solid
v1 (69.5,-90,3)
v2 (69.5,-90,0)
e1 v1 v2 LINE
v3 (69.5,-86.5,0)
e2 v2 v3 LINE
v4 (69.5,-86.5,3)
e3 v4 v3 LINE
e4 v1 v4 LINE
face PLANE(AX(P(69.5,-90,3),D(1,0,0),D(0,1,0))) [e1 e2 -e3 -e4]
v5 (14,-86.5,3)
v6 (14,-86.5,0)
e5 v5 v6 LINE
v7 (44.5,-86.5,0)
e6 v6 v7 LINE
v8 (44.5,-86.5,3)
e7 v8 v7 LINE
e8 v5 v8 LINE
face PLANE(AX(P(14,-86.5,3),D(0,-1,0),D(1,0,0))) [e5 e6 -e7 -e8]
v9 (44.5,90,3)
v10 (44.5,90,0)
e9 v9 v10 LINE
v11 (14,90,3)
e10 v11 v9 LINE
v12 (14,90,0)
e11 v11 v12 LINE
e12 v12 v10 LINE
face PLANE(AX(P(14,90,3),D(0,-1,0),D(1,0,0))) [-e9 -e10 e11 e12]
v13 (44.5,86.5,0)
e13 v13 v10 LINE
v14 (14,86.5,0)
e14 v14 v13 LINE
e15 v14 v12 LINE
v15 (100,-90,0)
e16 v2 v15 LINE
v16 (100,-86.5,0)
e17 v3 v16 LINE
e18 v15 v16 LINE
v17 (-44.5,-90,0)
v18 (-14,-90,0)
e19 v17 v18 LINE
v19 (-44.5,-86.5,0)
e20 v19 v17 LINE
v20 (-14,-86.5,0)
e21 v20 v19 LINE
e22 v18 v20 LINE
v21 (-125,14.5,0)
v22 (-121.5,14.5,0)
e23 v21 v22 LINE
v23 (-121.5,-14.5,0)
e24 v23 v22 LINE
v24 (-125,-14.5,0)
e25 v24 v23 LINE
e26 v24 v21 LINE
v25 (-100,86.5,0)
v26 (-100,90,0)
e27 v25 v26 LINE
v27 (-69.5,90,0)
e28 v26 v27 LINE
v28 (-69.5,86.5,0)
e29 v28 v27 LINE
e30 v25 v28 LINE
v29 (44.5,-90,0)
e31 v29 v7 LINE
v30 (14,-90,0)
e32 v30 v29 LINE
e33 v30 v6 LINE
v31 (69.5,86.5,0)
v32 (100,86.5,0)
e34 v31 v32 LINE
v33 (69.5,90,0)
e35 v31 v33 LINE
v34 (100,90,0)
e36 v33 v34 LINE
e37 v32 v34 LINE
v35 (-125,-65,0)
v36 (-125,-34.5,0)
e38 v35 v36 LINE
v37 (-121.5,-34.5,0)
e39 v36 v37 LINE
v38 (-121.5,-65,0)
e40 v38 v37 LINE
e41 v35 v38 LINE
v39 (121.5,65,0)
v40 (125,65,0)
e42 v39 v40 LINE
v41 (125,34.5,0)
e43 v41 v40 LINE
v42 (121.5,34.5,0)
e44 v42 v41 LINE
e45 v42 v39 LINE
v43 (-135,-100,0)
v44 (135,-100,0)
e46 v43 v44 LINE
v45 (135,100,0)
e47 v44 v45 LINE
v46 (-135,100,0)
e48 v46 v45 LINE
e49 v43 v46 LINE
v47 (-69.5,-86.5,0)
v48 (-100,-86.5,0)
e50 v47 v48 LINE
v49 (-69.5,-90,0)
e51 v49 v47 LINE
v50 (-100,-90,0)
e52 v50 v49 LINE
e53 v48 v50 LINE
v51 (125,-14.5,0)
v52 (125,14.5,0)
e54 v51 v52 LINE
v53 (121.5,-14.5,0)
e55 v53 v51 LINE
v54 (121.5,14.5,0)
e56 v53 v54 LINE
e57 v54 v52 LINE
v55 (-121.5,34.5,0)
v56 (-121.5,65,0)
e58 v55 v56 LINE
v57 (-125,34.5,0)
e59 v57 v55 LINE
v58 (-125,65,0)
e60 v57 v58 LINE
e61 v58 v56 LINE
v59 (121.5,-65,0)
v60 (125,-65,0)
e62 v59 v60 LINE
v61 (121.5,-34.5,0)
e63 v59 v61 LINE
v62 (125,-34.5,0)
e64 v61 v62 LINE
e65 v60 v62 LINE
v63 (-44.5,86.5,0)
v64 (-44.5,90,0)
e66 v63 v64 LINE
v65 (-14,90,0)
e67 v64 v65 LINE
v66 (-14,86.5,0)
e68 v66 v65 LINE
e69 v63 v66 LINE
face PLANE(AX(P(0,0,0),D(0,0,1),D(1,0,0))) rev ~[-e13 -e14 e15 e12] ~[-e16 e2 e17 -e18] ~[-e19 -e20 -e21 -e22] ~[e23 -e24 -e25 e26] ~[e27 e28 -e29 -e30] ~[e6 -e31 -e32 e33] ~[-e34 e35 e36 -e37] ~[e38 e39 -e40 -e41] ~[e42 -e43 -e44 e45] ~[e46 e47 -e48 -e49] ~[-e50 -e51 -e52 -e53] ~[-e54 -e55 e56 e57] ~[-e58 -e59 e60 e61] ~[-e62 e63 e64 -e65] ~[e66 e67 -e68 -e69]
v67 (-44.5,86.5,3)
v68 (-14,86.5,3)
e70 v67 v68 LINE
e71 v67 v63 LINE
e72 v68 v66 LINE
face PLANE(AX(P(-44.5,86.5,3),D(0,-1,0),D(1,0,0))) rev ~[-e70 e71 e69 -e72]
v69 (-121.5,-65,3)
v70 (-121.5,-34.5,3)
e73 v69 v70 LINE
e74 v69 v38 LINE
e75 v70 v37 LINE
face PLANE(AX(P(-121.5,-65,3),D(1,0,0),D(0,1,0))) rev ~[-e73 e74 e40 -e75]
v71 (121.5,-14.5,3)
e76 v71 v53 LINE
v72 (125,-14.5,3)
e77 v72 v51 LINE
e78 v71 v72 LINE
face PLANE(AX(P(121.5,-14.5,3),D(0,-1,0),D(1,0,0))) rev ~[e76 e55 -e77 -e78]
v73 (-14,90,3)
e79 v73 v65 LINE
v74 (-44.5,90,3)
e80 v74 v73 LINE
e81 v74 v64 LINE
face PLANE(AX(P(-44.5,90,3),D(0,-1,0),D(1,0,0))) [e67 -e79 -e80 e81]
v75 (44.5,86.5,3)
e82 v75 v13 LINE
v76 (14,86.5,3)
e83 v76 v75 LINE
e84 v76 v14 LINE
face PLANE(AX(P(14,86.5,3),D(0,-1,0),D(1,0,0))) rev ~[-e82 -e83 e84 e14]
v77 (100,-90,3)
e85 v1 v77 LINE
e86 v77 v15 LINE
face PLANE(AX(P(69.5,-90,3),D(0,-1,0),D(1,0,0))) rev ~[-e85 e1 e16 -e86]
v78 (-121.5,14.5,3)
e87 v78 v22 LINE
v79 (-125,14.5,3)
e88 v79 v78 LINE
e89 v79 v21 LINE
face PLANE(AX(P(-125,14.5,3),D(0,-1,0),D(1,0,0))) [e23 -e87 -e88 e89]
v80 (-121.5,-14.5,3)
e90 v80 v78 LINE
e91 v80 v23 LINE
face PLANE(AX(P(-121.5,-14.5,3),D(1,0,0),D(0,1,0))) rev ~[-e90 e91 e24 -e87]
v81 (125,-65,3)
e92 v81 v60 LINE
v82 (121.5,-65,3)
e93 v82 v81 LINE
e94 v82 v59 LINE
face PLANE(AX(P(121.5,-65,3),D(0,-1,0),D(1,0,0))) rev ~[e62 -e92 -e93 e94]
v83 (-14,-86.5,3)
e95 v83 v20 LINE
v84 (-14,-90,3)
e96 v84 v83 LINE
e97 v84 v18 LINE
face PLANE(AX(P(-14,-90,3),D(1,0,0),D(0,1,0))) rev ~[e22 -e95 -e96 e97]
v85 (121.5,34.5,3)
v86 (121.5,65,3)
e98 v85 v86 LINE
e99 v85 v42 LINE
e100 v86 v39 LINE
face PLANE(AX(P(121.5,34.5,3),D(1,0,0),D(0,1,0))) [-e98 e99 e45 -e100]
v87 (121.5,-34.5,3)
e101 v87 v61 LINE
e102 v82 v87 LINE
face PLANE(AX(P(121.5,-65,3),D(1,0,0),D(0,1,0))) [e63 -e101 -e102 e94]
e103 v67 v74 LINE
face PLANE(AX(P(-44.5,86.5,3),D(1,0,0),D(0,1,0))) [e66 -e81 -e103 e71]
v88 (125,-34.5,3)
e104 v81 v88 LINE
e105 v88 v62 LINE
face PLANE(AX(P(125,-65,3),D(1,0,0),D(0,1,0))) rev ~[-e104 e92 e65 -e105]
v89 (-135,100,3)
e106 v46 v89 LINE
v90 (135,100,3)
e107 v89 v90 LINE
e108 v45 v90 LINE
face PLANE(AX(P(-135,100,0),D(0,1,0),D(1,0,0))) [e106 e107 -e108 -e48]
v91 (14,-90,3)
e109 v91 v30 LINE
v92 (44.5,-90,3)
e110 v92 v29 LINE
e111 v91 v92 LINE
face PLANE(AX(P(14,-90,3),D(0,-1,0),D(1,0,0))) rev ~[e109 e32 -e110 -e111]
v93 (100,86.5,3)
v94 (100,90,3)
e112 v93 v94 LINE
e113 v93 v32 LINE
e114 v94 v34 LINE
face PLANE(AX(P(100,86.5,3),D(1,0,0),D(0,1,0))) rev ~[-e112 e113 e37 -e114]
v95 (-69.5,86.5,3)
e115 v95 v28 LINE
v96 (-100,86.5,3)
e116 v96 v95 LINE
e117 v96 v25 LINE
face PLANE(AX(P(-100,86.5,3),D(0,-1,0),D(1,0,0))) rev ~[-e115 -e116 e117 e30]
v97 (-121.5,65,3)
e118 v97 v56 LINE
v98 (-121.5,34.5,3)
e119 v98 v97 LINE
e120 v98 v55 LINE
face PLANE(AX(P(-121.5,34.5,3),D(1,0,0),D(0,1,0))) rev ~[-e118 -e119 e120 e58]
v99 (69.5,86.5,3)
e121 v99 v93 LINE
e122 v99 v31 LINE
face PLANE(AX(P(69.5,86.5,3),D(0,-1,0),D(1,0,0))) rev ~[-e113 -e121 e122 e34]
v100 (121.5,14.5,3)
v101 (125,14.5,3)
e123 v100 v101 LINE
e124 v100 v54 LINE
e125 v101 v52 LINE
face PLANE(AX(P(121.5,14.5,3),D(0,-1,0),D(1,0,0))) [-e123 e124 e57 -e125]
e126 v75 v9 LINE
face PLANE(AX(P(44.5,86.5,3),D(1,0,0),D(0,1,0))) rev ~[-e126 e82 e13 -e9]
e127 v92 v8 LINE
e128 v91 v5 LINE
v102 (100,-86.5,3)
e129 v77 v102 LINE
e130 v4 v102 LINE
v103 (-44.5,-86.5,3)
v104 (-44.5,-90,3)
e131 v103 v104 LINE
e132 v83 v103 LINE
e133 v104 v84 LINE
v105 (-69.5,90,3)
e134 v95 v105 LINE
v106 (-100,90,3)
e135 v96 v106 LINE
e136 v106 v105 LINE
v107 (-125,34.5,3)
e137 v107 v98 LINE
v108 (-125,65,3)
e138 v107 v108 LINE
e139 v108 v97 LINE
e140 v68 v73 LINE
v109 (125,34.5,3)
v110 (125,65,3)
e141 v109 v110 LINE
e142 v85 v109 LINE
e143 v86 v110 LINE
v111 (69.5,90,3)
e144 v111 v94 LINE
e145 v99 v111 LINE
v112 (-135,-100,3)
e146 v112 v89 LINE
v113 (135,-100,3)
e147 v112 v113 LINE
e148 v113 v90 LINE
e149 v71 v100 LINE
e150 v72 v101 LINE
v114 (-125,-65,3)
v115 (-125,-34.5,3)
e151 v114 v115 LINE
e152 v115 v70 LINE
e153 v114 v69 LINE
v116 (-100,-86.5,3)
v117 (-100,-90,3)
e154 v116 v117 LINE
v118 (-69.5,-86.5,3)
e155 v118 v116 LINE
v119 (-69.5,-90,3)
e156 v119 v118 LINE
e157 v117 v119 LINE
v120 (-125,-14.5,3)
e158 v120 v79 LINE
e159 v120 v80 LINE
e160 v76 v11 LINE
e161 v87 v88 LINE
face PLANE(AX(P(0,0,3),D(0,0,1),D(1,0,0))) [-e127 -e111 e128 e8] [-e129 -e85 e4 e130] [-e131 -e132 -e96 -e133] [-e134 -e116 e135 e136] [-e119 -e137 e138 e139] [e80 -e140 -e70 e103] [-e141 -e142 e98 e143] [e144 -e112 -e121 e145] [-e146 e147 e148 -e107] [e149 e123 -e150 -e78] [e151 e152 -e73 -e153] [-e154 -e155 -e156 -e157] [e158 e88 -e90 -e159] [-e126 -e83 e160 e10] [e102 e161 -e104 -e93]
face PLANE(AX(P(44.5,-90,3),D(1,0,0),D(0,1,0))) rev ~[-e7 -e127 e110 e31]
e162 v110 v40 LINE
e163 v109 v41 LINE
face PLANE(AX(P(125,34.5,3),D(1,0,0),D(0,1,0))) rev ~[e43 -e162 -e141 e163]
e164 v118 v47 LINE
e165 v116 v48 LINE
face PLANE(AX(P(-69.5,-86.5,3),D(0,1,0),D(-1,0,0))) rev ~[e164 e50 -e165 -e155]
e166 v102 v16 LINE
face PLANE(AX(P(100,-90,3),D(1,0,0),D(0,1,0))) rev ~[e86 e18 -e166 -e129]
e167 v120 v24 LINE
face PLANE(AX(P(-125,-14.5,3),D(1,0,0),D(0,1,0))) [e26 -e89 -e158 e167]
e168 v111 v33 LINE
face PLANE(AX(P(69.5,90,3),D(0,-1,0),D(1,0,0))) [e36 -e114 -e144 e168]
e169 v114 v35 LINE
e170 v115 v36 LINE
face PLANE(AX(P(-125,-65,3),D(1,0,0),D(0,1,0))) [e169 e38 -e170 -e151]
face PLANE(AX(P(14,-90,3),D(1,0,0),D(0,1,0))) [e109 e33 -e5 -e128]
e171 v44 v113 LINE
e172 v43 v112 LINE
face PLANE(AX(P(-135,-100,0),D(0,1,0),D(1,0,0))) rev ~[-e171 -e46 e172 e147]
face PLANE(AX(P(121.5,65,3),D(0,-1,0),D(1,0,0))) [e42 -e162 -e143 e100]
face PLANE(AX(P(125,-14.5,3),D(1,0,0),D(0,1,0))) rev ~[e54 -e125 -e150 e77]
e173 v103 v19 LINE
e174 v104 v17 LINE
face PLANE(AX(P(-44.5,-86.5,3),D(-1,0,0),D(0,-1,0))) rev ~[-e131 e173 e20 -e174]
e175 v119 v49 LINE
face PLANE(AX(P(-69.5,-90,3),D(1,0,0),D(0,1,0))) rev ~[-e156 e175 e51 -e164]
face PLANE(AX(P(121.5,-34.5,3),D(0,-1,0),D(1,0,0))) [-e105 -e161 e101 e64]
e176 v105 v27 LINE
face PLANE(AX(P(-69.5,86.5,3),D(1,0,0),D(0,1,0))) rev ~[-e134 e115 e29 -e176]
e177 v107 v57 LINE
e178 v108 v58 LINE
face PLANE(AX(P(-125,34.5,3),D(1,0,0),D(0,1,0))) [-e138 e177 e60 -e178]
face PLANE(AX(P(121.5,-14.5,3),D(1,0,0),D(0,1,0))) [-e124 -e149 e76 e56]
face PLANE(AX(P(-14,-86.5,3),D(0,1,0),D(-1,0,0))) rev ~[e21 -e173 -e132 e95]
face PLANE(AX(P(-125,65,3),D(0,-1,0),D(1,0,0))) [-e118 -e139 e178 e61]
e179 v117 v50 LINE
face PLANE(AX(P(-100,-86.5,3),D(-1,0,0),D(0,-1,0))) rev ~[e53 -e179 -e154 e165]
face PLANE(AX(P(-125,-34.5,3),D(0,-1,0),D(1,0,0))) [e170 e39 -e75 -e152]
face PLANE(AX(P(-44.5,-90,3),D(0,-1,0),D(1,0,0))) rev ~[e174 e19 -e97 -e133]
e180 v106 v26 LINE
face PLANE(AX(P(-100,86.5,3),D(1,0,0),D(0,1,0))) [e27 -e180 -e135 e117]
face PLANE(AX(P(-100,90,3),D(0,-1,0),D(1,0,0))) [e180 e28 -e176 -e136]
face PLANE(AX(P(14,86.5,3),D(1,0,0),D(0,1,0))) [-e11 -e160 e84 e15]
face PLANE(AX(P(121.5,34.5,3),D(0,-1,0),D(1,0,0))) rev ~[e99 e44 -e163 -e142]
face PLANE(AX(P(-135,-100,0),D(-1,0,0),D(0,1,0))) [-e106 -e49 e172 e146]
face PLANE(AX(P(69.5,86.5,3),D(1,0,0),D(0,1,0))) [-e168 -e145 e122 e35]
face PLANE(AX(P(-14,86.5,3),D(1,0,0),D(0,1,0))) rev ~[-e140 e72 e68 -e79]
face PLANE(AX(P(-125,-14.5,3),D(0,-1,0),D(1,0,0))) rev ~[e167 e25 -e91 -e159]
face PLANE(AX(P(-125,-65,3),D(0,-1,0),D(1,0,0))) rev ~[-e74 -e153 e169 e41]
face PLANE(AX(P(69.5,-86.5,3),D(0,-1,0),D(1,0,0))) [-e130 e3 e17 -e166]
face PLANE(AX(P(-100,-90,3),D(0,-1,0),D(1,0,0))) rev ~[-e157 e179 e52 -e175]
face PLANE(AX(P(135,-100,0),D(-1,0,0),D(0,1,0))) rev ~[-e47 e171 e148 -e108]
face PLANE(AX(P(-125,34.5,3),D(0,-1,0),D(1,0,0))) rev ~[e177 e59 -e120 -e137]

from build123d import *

# Parameters (mm, degrees)
F0_W     = 270
F0_H     = 200
F1_DEPTH = 3
F2_W     = 30.5
F2_H     = 3.5
F2_W_2   = 3.5
F2_H_2   = 30.5
F2_H_3   = 29
F3_DEPTH = 3


with BuildPart() as f1:
    # F0 (on Top) → F1 (new body)
    with BuildSketch(Plane.XY):
        Rectangle(F0_W, F0_H)
    extrude(amount=F1_DEPTH)

    # F2 (on face) → F3 (cut)
    with BuildSketch(Plane.XY.offset(3)):
        with Locations((84.75, 88.25)):
            Rectangle(F2_W, F2_H)
        with Locations((29.25, 88.25)):
            Rectangle(F2_W, F2_H)
        with Locations((123.25, 49.75)):
            Rectangle(F2_W_2, F2_H_2)
        with Locations((-84.75, 88.25)):
            Rectangle(F2_W, F2_H)
        with Locations((-29.25, 88.25)):
            Rectangle(F2_W, F2_H)
        Polygon((-84.75, -88.25), (-100, -90), (-84.75, -90), align=None)
        Polygon((-100, -86.5), (-100, -90), (-84.75, -88.25), align=None)
        Polygon((-69.5, -86.5), (-100, -86.5), (-84.75, -88.25), align=None)
        Polygon((-84.75, -88.25), (-84.75, -90), (-69.5, -90), align=None)
        Polygon((-69.5, -86.5), (-84.75, -88.25), (-69.5, -90), align=None)
        with Locations((29.25, -88.25)):
            Rectangle(F2_W, F2_H)
        Polygon((-29.25, -88.25), (-44.5, -90), (-29.25, -90), align=None)
        Polygon((-44.5, -86.5), (-44.5, -90), (-29.25, -88.25), align=None)
        Polygon((-14, -86.5), (-44.5, -86.5), (-29.25, -88.25), align=None)
        Polygon((-29.25, -88.25), (-29.25, -90), (-14, -90), align=None)
        Polygon((-14, -86.5), (-29.25, -88.25), (-14, -90), align=None)
        with Locations((84.75, -88.25)):
            Rectangle(F2_W, F2_H)
        with Locations((123.25, -49.75)):
            Rectangle(F2_W_2, F2_H_2)
        with Locations((-123.25, -49.75)):
            Rectangle(F2_W_2, F2_H_2)
        with Locations((-123.25, 49.75)):
            Rectangle(F2_W_2, F2_H_2)
        with Locations((123.25, 0)):
            Rectangle(F2_W_2, F2_H_3)
        with Locations((-123.25, 0)):
            Rectangle(F2_W_2, F2_H_3)
    extrude(amount=-F3_DEPTH, mode=Mode.SUBTRACT)


solid = f1.part
